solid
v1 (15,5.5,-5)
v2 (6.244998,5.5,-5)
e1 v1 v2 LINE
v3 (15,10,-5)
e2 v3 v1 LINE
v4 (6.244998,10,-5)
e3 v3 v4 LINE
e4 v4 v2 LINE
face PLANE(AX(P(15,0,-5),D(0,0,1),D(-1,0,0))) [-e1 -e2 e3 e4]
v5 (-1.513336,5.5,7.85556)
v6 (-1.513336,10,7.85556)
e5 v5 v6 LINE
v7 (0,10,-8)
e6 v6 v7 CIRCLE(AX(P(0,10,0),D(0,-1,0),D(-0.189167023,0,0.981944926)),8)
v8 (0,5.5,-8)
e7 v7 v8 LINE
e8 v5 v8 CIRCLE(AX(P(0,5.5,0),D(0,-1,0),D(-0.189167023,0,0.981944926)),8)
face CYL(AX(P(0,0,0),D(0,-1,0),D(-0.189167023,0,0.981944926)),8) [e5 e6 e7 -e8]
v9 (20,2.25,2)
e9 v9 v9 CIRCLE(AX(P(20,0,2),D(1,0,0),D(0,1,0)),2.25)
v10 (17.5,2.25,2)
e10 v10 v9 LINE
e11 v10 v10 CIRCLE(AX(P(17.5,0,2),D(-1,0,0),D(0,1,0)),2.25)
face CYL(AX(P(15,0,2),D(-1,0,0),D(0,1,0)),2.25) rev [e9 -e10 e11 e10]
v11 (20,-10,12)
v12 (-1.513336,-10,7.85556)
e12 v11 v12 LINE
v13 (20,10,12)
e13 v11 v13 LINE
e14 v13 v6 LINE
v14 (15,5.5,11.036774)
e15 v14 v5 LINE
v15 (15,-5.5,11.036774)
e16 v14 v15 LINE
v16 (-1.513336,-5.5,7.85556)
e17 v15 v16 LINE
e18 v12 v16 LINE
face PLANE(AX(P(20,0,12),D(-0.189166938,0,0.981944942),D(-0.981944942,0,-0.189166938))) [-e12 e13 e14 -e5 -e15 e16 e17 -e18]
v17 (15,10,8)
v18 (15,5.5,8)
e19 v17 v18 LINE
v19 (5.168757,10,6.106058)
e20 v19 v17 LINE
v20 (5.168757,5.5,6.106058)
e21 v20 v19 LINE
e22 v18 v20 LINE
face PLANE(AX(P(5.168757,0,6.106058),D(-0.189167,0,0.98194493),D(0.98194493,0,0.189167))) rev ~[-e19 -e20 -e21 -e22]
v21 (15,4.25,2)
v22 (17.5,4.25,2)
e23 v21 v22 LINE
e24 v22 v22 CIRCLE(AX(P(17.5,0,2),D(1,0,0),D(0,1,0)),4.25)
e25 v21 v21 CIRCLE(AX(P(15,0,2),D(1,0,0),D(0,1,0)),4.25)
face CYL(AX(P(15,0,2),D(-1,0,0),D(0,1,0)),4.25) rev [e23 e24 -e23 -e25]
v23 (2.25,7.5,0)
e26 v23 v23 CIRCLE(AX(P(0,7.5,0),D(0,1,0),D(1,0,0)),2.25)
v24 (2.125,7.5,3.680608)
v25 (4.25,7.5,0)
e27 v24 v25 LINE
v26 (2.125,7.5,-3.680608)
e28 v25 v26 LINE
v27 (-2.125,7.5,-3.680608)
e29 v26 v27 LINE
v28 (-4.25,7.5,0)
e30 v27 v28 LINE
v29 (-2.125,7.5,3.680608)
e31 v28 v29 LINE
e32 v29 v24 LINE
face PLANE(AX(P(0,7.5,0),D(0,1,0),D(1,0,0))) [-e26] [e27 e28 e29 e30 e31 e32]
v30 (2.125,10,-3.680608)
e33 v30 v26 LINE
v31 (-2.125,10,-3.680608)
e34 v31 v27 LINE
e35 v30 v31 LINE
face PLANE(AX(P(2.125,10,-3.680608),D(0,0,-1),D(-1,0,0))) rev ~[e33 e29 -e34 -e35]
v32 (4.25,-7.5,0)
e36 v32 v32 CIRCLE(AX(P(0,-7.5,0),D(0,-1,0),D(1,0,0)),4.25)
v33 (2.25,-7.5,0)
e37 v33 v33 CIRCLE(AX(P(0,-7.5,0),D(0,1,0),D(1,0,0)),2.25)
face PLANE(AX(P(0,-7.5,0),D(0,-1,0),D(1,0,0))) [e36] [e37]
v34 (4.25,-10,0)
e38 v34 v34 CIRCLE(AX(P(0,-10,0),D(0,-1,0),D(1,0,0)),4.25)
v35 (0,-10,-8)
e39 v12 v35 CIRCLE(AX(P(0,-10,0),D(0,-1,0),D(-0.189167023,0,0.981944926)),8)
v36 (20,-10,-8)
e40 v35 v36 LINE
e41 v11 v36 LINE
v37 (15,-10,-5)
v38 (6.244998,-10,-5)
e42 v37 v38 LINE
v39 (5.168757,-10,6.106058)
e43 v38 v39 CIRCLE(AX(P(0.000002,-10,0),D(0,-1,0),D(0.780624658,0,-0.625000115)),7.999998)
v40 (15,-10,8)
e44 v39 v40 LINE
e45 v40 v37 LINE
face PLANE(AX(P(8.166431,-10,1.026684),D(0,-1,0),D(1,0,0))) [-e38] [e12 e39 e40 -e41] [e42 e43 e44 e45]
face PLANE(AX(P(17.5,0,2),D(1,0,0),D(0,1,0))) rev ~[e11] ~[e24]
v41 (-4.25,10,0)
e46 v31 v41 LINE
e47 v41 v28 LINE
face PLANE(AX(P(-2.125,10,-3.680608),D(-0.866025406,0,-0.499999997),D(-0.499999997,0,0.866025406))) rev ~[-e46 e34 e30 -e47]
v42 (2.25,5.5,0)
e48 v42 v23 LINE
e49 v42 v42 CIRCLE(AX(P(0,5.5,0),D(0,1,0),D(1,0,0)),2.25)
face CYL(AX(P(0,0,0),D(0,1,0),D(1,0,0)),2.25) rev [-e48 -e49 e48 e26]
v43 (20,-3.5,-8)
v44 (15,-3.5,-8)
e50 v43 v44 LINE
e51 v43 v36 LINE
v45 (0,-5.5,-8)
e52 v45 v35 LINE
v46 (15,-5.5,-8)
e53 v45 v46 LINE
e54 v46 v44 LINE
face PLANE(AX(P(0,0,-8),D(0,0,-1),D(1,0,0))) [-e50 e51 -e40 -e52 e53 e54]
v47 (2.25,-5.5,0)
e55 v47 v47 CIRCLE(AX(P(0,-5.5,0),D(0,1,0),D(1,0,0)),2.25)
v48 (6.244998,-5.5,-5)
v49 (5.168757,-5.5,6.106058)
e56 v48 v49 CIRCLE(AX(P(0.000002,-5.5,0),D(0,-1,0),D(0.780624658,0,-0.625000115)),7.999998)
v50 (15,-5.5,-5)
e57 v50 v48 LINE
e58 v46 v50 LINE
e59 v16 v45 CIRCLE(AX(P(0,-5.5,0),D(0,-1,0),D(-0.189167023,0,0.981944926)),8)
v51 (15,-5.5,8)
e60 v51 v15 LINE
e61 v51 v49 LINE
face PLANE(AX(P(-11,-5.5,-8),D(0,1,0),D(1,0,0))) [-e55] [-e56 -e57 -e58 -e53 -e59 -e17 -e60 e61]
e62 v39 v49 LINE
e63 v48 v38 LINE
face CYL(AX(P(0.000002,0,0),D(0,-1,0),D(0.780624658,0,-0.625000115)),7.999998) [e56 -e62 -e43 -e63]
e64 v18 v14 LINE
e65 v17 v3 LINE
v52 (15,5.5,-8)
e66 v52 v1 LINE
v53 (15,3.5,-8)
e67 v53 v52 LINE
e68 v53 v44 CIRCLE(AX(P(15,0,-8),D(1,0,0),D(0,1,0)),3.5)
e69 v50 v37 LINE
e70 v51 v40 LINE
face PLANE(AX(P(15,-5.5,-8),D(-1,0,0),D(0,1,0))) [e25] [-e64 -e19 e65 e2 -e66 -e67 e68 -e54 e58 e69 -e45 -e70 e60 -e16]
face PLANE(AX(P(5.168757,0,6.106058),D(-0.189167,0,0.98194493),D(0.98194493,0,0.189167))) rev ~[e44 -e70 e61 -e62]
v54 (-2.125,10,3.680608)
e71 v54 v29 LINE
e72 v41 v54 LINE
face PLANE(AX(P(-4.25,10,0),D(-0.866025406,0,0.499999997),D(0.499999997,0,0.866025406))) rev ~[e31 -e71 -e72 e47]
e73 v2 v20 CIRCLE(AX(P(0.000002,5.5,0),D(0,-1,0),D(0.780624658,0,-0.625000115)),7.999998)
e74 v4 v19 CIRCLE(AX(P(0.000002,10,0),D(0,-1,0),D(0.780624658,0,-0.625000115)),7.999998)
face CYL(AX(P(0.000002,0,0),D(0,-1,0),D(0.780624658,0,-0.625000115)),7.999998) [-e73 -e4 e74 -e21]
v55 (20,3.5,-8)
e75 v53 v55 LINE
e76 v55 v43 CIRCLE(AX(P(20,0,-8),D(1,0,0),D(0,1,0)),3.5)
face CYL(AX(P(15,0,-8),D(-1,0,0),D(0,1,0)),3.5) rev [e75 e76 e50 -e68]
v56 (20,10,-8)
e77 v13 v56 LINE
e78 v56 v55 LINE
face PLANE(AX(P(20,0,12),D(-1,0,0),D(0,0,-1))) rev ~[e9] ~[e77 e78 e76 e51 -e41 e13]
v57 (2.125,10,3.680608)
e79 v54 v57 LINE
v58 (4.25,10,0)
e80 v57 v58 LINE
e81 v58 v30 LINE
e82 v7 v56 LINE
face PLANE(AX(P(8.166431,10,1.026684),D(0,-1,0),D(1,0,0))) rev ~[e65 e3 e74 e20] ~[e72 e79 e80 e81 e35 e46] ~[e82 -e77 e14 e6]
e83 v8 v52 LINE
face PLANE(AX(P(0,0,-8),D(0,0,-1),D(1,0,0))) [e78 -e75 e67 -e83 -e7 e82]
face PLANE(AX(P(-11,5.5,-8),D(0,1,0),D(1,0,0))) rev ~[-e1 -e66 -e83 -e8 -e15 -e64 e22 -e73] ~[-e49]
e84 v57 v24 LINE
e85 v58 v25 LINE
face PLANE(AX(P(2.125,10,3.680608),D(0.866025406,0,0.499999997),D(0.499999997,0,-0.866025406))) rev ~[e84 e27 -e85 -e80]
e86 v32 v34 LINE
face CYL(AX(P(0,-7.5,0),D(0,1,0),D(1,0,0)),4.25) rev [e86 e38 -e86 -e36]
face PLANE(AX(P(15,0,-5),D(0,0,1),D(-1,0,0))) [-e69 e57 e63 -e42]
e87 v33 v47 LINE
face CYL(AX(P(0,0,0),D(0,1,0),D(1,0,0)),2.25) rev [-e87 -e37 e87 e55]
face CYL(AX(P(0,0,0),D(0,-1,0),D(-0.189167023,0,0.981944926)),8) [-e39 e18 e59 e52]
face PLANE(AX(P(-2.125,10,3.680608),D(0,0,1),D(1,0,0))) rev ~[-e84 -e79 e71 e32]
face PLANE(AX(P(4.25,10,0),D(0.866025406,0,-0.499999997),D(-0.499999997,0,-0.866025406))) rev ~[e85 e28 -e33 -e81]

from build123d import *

# Parameters (mm, degrees)
SKETCH024_R       = 2.25
PAD018_DEPTH      = 10
CYLINDER062_R     = 3.5
CYLINDER062_DEPTH = 5
BOX001_W          = 26
BOX001_H          = 11
BOX001_DEPTH      = 20
CYLINDER065_R     = 2.25
CYLINDER065_DEPTH = 5
CYLINDER066_R     = 4.25
CYLINDER066_DEPTH = 2.5
CYLINDER067_R     = 4.25
CYLINDER067_DEPTH = 2.5
POCKET008_DEPTH   = 2.5


with BuildPart() as part:
    # Sketch024 → Pad018 (new body, symmetric)
    with BuildSketch(Plane.XZ):
        with BuildLine():
            ThreePointArc((-1.513336, 7.85556), (-7.963808, -0.760107), (0, -8))
            Line((0, -8), (20, -8))
            Line((20, 12), (20, -8))
            Line((20, 12), (-1.513336, 7.85556))
        make_face()
        Circle(SKETCH024_R, mode=Mode.SUBTRACT)
        with BuildLine():
            Line((5.168757, 6.106058), (15, 8))
            Line((15, 8), (15, -5))
            Line((15, -5), (6.244998, -5))
            ThreePointArc((6.244998, -5), (7.9627, 0.771631), (5.168757, 6.106058))
        make_face(mode=Mode.SUBTRACT)
    extrude(amount=PAD018_DEPTH, both=True)

    # Cylinder062 → Cylinder062 (cut)
    with BuildSketch(Plane(origin=(15, 0, -8), x_dir=(0, 1, 0), z_dir=(1, 0, 0))):
        Circle(CYLINDER062_R)
    extrude(amount=CYLINDER062_DEPTH, mode=Mode.SUBTRACT)

    # Box001 → Box001 (cut)
    with BuildSketch(Plane(origin=(-11, -5.5, -8), x_dir=(1, 0, 0), z_dir=(0, 0, 1))):
        with Locations((13, 5.5)):
            Rectangle(BOX001_W, BOX001_H)
    extrude(amount=BOX001_DEPTH, mode=Mode.SUBTRACT)

    # Cylinder065 → Cylinder065 (cut)
    with BuildSketch(Plane(origin=(15, 0, 2), x_dir=(0, 1, 0), z_dir=(1, 0, 0))):
        Circle(CYLINDER065_R)
    extrude(amount=CYLINDER065_DEPTH, mode=Mode.SUBTRACT)

    # Cylinder066 → Cylinder066 (cut)
    with BuildSketch(Plane(origin=(15, 0, 2), x_dir=(0, 1, 0), z_dir=(1, 0, 0))):
        Circle(CYLINDER066_R)
    extrude(amount=CYLINDER066_DEPTH, mode=Mode.SUBTRACT)

    # Cylinder067 → Cylinder067 (cut)
    with BuildSketch(Plane.XZ.offset(7.5)):
        Circle(CYLINDER067_R)
    extrude(amount=CYLINDER067_DEPTH, mode=Mode.SUBTRACT)

    # Sketch040 (on Face2 of Cylinder067) → Pocket008 (cut)
    with BuildSketch(Plane(origin=(0, 10, 0), x_dir=(1, 0, 0), z_dir=(0, 1, 0))):
        Polygon((4.25, 0), (2.125, 3.680608), (-2.125, 3.680608), (-4.25, 0), (-2.125, -3.680608), (2.125, -3.680608), align=None)
    extrude(amount=-POCKET008_DEPTH, mode=Mode.SUBTRACT)


solid = part.part
